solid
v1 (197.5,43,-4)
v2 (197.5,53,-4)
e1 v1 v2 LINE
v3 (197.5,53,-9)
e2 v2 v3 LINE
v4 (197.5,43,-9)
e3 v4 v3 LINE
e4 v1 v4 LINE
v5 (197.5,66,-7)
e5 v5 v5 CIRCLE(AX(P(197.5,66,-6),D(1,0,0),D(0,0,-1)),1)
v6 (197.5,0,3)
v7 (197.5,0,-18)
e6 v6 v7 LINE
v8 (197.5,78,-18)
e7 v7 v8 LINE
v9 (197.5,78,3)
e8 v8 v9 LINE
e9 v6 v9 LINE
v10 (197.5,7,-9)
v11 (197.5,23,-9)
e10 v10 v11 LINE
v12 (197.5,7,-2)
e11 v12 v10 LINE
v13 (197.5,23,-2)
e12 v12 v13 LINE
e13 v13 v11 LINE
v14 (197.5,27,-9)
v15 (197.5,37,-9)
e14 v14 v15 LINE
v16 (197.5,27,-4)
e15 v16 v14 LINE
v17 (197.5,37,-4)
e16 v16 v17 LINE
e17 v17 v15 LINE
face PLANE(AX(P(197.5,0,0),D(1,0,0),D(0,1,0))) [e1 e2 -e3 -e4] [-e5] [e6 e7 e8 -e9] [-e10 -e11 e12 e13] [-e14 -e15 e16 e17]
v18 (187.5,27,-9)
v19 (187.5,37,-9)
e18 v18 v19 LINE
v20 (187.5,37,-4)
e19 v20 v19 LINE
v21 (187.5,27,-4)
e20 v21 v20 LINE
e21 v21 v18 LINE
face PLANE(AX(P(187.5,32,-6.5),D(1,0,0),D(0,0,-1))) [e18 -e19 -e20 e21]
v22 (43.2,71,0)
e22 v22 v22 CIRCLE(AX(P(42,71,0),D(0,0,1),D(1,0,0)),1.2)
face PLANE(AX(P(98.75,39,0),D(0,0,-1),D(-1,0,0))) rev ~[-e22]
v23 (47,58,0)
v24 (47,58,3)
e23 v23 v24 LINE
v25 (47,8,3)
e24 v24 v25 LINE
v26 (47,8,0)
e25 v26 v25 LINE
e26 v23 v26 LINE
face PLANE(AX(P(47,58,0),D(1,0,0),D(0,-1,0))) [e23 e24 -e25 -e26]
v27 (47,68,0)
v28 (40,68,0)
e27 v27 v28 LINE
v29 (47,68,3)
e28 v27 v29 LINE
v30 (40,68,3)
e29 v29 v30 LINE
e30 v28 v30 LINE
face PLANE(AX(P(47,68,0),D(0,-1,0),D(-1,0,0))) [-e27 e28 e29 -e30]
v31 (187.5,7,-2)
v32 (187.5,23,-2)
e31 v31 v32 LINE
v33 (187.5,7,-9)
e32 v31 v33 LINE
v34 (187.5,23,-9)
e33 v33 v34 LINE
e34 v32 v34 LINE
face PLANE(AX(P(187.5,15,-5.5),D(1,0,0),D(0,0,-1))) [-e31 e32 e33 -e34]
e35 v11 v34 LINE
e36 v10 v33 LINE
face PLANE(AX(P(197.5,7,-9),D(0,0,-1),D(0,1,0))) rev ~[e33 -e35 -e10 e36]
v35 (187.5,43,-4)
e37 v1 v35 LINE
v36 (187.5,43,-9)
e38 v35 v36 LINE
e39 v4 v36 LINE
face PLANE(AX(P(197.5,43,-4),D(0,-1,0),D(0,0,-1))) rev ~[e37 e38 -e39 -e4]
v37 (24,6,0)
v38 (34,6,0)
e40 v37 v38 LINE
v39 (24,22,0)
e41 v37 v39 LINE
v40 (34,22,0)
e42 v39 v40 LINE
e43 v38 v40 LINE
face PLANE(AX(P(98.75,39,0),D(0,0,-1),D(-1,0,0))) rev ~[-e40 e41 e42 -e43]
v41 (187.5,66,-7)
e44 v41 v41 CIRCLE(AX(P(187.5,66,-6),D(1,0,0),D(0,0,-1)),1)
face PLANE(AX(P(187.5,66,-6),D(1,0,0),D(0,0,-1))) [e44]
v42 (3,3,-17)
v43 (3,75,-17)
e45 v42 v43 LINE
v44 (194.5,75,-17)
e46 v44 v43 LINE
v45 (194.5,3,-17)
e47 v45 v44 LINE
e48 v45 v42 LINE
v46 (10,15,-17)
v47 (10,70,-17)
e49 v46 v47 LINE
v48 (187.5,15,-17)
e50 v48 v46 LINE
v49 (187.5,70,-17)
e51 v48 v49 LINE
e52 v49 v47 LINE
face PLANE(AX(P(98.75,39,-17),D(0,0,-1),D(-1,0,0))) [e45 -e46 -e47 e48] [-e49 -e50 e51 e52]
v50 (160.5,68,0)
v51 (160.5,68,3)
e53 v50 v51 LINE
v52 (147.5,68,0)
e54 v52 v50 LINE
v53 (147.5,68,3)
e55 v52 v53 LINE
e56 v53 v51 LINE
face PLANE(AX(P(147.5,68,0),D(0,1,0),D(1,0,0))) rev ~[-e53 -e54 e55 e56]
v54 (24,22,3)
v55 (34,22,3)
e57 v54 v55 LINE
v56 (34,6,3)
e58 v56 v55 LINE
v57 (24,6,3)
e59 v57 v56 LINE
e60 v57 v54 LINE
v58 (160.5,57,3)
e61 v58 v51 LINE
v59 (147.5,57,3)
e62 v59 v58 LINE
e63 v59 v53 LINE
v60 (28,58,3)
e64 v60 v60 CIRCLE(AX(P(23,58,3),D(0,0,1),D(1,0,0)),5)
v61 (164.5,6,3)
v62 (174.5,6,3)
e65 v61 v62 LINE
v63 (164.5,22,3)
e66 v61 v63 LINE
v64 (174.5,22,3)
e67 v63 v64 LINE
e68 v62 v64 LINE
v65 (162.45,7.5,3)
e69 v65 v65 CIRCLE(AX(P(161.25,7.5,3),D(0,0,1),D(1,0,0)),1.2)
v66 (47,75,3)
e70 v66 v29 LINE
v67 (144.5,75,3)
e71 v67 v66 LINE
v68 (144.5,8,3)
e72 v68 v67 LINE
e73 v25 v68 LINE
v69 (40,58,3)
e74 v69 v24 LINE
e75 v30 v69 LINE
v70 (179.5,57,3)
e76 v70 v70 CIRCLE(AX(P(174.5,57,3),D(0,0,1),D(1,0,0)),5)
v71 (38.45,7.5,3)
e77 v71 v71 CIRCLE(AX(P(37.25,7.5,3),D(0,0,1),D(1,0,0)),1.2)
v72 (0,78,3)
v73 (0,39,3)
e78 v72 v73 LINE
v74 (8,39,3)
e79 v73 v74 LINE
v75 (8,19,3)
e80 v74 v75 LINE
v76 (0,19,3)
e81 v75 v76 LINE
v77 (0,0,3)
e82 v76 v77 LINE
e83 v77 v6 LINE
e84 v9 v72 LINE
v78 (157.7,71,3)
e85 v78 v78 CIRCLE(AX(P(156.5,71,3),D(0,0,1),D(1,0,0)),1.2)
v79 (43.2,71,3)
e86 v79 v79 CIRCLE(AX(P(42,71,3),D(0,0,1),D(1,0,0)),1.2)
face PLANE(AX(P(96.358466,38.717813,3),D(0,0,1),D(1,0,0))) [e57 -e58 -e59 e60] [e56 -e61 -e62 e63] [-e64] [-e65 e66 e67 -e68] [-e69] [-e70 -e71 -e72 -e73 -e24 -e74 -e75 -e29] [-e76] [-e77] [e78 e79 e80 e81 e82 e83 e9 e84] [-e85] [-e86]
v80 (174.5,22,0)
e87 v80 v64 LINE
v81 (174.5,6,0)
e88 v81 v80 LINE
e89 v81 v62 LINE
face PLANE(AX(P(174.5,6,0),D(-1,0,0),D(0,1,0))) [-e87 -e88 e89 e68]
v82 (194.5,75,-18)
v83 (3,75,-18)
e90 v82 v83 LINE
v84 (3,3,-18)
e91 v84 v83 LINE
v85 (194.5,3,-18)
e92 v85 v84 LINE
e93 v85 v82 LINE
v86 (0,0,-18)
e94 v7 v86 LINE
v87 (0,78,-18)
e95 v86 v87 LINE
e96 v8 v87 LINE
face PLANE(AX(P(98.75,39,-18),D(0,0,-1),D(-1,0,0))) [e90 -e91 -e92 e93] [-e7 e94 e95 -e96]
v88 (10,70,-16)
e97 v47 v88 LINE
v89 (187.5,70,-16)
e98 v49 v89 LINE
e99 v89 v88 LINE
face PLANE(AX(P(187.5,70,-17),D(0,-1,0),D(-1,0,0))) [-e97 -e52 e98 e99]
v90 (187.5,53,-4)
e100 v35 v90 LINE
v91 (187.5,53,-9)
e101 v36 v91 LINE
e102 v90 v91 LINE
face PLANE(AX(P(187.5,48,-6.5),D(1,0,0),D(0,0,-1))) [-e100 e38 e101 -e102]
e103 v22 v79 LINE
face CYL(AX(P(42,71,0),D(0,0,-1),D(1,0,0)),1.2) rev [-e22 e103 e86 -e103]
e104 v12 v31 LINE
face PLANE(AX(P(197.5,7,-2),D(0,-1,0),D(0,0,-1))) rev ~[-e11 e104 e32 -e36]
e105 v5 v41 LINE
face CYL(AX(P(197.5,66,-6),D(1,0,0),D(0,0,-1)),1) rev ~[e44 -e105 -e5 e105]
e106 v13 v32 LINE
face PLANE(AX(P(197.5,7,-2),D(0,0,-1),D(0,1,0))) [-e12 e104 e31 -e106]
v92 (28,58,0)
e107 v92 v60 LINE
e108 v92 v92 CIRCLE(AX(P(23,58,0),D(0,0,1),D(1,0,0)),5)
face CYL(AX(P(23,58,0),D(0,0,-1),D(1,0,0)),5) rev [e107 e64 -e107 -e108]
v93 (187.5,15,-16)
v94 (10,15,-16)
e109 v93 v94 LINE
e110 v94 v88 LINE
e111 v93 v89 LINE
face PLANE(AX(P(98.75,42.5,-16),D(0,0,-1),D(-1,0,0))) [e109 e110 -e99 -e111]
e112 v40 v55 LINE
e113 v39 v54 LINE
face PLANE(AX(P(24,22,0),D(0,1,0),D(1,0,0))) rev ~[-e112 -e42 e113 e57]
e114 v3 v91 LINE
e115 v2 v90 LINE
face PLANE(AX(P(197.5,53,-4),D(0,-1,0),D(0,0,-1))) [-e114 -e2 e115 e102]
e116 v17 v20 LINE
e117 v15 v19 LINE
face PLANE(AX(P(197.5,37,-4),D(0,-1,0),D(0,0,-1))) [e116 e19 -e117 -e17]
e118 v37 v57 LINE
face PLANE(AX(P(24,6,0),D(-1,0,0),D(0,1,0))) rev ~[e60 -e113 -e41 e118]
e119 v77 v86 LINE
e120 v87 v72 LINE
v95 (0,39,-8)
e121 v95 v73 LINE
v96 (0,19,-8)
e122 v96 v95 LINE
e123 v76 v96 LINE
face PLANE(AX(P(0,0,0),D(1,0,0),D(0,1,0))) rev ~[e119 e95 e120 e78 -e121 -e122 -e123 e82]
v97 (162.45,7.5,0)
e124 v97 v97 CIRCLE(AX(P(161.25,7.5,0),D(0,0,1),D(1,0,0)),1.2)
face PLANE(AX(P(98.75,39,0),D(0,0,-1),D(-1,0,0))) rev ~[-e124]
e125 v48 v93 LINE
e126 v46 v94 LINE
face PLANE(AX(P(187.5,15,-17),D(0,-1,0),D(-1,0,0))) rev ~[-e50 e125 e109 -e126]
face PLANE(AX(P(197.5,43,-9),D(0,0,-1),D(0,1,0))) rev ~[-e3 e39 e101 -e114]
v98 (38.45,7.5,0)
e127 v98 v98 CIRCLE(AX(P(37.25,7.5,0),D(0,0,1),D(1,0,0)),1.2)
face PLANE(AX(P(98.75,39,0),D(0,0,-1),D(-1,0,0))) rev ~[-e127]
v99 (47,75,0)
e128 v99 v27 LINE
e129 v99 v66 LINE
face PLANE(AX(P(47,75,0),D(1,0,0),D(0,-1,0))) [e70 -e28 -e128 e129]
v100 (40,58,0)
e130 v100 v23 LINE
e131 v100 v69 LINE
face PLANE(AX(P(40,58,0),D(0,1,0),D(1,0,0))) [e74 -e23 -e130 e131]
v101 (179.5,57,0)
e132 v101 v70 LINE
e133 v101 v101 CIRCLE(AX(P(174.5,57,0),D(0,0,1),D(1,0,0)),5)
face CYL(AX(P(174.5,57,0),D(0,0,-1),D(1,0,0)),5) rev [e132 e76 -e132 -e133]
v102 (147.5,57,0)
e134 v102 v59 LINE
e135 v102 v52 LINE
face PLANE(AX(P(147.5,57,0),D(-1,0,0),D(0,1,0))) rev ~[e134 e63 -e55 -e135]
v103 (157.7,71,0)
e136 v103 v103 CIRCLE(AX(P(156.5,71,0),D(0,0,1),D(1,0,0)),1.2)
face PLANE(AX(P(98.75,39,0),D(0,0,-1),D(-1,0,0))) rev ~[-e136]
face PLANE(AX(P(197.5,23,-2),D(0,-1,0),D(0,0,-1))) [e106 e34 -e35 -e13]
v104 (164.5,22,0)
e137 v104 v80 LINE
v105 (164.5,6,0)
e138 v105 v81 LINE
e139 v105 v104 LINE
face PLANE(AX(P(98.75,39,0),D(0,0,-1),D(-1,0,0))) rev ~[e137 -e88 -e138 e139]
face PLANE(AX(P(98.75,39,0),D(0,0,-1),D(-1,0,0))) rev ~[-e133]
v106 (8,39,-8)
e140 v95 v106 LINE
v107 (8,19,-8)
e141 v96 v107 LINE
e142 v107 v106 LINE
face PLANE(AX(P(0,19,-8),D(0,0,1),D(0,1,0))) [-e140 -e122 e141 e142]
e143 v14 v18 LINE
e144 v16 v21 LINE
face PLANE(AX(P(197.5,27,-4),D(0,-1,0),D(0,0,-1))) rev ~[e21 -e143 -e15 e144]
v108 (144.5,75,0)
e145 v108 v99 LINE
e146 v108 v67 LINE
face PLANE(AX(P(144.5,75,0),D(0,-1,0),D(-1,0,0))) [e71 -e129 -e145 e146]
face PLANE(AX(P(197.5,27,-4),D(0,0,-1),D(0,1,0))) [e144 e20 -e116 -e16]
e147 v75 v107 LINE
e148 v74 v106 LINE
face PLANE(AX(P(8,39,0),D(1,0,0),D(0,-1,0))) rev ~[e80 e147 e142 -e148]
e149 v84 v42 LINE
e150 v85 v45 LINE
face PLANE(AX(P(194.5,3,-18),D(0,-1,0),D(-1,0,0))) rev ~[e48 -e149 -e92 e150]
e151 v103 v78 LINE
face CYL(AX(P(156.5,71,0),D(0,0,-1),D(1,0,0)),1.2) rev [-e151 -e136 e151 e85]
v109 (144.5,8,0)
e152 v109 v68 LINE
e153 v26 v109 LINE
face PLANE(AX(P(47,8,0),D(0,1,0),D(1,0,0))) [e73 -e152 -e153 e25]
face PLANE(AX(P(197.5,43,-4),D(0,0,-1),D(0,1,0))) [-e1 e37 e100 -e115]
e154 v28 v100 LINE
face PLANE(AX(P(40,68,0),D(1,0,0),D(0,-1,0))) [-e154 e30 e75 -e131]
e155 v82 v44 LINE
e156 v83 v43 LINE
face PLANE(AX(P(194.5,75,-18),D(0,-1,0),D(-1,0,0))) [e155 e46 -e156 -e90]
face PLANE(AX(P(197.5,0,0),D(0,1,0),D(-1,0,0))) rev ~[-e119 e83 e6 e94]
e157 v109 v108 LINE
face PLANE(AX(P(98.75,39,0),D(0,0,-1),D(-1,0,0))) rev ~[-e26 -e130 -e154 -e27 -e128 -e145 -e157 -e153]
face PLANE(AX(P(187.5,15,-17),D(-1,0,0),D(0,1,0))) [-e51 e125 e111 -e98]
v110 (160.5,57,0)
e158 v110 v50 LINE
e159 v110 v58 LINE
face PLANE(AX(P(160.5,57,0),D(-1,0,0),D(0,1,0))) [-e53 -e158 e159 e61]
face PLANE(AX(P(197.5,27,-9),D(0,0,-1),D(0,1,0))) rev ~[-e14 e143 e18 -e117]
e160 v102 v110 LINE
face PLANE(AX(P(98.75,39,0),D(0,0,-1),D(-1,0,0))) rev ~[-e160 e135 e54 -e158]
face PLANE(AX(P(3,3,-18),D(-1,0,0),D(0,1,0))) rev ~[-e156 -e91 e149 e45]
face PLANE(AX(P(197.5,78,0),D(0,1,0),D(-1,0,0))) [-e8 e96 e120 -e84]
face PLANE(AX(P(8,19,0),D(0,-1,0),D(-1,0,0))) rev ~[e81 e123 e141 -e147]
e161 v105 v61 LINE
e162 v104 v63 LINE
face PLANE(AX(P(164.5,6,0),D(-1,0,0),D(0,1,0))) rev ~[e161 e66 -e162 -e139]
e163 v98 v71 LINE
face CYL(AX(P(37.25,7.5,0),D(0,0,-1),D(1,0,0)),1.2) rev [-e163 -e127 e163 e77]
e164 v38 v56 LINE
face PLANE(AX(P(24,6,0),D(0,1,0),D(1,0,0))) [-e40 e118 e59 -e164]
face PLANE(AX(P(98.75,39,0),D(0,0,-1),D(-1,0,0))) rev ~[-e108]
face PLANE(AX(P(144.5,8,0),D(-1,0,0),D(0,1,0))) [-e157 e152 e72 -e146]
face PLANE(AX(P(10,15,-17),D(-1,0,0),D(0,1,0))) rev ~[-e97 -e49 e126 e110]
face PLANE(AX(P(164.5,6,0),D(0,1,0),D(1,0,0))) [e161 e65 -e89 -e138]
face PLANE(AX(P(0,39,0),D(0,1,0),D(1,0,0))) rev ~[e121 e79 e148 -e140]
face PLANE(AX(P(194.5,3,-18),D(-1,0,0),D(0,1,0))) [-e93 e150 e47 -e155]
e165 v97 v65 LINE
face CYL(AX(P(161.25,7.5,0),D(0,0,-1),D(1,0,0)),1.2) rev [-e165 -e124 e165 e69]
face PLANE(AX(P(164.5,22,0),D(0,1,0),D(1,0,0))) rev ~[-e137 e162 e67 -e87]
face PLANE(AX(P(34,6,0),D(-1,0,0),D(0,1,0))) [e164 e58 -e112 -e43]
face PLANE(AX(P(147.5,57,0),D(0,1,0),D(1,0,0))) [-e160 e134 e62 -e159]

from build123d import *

# Parameters (mm, degrees)
SKETCH1_R           = 1.2
SKETCH1_R_2         = 5
SKETCH1_W           = 13
SKETCH1_H           = 11
SKETCH1_W_2         = 10
SKETCH1_H_2         = 16
BOSS_EXTRUDE2_DEPTH = 3
SKETCH2_W           = 197.5
SKETCH2_H           = 78
BOSS_EXTRUDE3_DEPTH = 18
SKETCH3_W           = 191.5
SKETCH3_H           = 72
CUT_EXTRUDE1_DEPTH  = 1
SKETCH4_W           = 177.5
SKETCH4_H           = 55
CUT_EXTRUDE2_DEPTH  = 1
SKETCH5_W           = 11
SKETCH5_H           = 20
CUT_EXTRUDE3_DEPTH  = 8
SKETCH6_R           = 1
SKETCH6_W           = 7
SKETCH6_H           = 16
SKETCH6_W_2         = 5
SKETCH6_H_2         = 10
CUT_EXTRUDE4_DEPTH  = 10


with BuildPart() as part:
    # Sketch1 → Boss-Extrude2 (new body)
    with BuildSketch(Plane.XY):
        Polygon((0, 0), (197.5, 0), (197.5, 78), (0, 78), (0, 39), (8, 39), (8, 19), (0, 19), align=None)
        with Locations((37.25, 7.5)):
            Circle(SKETCH1_R, mode=Mode.SUBTRACT)
        with Locations((161.25, 7.5)):
            Circle(SKETCH1_R, mode=Mode.SUBTRACT)
        with Locations((156.5, 71)):
            Circle(SKETCH1_R, mode=Mode.SUBTRACT)
        with Locations((42, 71)):
            Circle(SKETCH1_R, mode=Mode.SUBTRACT)
        with Locations((23, 58)):
            Circle(SKETCH1_R_2, mode=Mode.SUBTRACT)
        with Locations((174.5, 57)):
            Circle(SKETCH1_R_2, mode=Mode.SUBTRACT)
        Polygon((47, 75), (47, 68), (40, 68), (40, 58), (47, 58), (47, 8), (144.5, 8), (144.5, 75), align=None, mode=Mode.SUBTRACT)
        with Locations((154, 62.5)):
            Rectangle(SKETCH1_W, SKETCH1_H, mode=Mode.SUBTRACT)
        with Locations((169.5, 14)):
            Rectangle(SKETCH1_W_2, SKETCH1_H_2, mode=Mode.SUBTRACT)
        with Locations((29, 14)):
            Rectangle(SKETCH1_W_2, SKETCH1_H_2, mode=Mode.SUBTRACT)
    extrude(amount=BOSS_EXTRUDE2_DEPTH)

    # Sketch2 → Boss-Extrude3 (add)
    with BuildSketch(Plane(origin=(0, 0, 0), x_dir=(-1, 0, 0), z_dir=(0, 0, -1))):
        with Locations((-98.75, 39)):
            Rectangle(SKETCH2_W, SKETCH2_H)
    extrude(amount=BOSS_EXTRUDE3_DEPTH)

    # Sketch3 → Cut-Extrude1 (cut)
    with BuildSketch(Plane(origin=(0, 0, -18), x_dir=(-1, 0, 0), z_dir=(0, 0, -1))):
        with Locations((-98.75, 39)):
            Rectangle(SKETCH3_W, SKETCH3_H)
    extrude(amount=-CUT_EXTRUDE1_DEPTH, mode=Mode.SUBTRACT)

    # Sketch4 → Cut-Extrude2 (cut)
    with BuildSketch(Plane(origin=(0, 0, -17), x_dir=(-1, 0, 0), z_dir=(0, 0, -1))):
        with Locations((-98.75, 42.5)):
            Rectangle(SKETCH4_W, SKETCH4_H)
    extrude(amount=-CUT_EXTRUDE2_DEPTH, mode=Mode.SUBTRACT)

    # Sketch5 → Cut-Extrude3 (cut)
    with BuildSketch(Plane.ZY):
        with Locations((-2.5, 29)):
            Rectangle(SKETCH5_W, SKETCH5_H)
    extrude(amount=-CUT_EXTRUDE3_DEPTH, mode=Mode.SUBTRACT)

    # Sketch6 → Cut-Extrude4 (cut)
    with BuildSketch(Plane(origin=(197.5, 0, 0), x_dir=(0, 0, -1), z_dir=(1, 0, 0))):
        with Locations((6, 66)):
            Circle(SKETCH6_R)
        with Locations((5.5, 15)):
            Rectangle(SKETCH6_W, SKETCH6_H)
        with Locations((6.5, 32)):
            Rectangle(SKETCH6_W_2, SKETCH6_H_2)
        with Locations((6.5, 48)):
            Rectangle(SKETCH6_W_2, SKETCH6_H_2)
    extrude(amount=-CUT_EXTRUDE4_DEPTH, mode=Mode.SUBTRACT)


solid = part.part
